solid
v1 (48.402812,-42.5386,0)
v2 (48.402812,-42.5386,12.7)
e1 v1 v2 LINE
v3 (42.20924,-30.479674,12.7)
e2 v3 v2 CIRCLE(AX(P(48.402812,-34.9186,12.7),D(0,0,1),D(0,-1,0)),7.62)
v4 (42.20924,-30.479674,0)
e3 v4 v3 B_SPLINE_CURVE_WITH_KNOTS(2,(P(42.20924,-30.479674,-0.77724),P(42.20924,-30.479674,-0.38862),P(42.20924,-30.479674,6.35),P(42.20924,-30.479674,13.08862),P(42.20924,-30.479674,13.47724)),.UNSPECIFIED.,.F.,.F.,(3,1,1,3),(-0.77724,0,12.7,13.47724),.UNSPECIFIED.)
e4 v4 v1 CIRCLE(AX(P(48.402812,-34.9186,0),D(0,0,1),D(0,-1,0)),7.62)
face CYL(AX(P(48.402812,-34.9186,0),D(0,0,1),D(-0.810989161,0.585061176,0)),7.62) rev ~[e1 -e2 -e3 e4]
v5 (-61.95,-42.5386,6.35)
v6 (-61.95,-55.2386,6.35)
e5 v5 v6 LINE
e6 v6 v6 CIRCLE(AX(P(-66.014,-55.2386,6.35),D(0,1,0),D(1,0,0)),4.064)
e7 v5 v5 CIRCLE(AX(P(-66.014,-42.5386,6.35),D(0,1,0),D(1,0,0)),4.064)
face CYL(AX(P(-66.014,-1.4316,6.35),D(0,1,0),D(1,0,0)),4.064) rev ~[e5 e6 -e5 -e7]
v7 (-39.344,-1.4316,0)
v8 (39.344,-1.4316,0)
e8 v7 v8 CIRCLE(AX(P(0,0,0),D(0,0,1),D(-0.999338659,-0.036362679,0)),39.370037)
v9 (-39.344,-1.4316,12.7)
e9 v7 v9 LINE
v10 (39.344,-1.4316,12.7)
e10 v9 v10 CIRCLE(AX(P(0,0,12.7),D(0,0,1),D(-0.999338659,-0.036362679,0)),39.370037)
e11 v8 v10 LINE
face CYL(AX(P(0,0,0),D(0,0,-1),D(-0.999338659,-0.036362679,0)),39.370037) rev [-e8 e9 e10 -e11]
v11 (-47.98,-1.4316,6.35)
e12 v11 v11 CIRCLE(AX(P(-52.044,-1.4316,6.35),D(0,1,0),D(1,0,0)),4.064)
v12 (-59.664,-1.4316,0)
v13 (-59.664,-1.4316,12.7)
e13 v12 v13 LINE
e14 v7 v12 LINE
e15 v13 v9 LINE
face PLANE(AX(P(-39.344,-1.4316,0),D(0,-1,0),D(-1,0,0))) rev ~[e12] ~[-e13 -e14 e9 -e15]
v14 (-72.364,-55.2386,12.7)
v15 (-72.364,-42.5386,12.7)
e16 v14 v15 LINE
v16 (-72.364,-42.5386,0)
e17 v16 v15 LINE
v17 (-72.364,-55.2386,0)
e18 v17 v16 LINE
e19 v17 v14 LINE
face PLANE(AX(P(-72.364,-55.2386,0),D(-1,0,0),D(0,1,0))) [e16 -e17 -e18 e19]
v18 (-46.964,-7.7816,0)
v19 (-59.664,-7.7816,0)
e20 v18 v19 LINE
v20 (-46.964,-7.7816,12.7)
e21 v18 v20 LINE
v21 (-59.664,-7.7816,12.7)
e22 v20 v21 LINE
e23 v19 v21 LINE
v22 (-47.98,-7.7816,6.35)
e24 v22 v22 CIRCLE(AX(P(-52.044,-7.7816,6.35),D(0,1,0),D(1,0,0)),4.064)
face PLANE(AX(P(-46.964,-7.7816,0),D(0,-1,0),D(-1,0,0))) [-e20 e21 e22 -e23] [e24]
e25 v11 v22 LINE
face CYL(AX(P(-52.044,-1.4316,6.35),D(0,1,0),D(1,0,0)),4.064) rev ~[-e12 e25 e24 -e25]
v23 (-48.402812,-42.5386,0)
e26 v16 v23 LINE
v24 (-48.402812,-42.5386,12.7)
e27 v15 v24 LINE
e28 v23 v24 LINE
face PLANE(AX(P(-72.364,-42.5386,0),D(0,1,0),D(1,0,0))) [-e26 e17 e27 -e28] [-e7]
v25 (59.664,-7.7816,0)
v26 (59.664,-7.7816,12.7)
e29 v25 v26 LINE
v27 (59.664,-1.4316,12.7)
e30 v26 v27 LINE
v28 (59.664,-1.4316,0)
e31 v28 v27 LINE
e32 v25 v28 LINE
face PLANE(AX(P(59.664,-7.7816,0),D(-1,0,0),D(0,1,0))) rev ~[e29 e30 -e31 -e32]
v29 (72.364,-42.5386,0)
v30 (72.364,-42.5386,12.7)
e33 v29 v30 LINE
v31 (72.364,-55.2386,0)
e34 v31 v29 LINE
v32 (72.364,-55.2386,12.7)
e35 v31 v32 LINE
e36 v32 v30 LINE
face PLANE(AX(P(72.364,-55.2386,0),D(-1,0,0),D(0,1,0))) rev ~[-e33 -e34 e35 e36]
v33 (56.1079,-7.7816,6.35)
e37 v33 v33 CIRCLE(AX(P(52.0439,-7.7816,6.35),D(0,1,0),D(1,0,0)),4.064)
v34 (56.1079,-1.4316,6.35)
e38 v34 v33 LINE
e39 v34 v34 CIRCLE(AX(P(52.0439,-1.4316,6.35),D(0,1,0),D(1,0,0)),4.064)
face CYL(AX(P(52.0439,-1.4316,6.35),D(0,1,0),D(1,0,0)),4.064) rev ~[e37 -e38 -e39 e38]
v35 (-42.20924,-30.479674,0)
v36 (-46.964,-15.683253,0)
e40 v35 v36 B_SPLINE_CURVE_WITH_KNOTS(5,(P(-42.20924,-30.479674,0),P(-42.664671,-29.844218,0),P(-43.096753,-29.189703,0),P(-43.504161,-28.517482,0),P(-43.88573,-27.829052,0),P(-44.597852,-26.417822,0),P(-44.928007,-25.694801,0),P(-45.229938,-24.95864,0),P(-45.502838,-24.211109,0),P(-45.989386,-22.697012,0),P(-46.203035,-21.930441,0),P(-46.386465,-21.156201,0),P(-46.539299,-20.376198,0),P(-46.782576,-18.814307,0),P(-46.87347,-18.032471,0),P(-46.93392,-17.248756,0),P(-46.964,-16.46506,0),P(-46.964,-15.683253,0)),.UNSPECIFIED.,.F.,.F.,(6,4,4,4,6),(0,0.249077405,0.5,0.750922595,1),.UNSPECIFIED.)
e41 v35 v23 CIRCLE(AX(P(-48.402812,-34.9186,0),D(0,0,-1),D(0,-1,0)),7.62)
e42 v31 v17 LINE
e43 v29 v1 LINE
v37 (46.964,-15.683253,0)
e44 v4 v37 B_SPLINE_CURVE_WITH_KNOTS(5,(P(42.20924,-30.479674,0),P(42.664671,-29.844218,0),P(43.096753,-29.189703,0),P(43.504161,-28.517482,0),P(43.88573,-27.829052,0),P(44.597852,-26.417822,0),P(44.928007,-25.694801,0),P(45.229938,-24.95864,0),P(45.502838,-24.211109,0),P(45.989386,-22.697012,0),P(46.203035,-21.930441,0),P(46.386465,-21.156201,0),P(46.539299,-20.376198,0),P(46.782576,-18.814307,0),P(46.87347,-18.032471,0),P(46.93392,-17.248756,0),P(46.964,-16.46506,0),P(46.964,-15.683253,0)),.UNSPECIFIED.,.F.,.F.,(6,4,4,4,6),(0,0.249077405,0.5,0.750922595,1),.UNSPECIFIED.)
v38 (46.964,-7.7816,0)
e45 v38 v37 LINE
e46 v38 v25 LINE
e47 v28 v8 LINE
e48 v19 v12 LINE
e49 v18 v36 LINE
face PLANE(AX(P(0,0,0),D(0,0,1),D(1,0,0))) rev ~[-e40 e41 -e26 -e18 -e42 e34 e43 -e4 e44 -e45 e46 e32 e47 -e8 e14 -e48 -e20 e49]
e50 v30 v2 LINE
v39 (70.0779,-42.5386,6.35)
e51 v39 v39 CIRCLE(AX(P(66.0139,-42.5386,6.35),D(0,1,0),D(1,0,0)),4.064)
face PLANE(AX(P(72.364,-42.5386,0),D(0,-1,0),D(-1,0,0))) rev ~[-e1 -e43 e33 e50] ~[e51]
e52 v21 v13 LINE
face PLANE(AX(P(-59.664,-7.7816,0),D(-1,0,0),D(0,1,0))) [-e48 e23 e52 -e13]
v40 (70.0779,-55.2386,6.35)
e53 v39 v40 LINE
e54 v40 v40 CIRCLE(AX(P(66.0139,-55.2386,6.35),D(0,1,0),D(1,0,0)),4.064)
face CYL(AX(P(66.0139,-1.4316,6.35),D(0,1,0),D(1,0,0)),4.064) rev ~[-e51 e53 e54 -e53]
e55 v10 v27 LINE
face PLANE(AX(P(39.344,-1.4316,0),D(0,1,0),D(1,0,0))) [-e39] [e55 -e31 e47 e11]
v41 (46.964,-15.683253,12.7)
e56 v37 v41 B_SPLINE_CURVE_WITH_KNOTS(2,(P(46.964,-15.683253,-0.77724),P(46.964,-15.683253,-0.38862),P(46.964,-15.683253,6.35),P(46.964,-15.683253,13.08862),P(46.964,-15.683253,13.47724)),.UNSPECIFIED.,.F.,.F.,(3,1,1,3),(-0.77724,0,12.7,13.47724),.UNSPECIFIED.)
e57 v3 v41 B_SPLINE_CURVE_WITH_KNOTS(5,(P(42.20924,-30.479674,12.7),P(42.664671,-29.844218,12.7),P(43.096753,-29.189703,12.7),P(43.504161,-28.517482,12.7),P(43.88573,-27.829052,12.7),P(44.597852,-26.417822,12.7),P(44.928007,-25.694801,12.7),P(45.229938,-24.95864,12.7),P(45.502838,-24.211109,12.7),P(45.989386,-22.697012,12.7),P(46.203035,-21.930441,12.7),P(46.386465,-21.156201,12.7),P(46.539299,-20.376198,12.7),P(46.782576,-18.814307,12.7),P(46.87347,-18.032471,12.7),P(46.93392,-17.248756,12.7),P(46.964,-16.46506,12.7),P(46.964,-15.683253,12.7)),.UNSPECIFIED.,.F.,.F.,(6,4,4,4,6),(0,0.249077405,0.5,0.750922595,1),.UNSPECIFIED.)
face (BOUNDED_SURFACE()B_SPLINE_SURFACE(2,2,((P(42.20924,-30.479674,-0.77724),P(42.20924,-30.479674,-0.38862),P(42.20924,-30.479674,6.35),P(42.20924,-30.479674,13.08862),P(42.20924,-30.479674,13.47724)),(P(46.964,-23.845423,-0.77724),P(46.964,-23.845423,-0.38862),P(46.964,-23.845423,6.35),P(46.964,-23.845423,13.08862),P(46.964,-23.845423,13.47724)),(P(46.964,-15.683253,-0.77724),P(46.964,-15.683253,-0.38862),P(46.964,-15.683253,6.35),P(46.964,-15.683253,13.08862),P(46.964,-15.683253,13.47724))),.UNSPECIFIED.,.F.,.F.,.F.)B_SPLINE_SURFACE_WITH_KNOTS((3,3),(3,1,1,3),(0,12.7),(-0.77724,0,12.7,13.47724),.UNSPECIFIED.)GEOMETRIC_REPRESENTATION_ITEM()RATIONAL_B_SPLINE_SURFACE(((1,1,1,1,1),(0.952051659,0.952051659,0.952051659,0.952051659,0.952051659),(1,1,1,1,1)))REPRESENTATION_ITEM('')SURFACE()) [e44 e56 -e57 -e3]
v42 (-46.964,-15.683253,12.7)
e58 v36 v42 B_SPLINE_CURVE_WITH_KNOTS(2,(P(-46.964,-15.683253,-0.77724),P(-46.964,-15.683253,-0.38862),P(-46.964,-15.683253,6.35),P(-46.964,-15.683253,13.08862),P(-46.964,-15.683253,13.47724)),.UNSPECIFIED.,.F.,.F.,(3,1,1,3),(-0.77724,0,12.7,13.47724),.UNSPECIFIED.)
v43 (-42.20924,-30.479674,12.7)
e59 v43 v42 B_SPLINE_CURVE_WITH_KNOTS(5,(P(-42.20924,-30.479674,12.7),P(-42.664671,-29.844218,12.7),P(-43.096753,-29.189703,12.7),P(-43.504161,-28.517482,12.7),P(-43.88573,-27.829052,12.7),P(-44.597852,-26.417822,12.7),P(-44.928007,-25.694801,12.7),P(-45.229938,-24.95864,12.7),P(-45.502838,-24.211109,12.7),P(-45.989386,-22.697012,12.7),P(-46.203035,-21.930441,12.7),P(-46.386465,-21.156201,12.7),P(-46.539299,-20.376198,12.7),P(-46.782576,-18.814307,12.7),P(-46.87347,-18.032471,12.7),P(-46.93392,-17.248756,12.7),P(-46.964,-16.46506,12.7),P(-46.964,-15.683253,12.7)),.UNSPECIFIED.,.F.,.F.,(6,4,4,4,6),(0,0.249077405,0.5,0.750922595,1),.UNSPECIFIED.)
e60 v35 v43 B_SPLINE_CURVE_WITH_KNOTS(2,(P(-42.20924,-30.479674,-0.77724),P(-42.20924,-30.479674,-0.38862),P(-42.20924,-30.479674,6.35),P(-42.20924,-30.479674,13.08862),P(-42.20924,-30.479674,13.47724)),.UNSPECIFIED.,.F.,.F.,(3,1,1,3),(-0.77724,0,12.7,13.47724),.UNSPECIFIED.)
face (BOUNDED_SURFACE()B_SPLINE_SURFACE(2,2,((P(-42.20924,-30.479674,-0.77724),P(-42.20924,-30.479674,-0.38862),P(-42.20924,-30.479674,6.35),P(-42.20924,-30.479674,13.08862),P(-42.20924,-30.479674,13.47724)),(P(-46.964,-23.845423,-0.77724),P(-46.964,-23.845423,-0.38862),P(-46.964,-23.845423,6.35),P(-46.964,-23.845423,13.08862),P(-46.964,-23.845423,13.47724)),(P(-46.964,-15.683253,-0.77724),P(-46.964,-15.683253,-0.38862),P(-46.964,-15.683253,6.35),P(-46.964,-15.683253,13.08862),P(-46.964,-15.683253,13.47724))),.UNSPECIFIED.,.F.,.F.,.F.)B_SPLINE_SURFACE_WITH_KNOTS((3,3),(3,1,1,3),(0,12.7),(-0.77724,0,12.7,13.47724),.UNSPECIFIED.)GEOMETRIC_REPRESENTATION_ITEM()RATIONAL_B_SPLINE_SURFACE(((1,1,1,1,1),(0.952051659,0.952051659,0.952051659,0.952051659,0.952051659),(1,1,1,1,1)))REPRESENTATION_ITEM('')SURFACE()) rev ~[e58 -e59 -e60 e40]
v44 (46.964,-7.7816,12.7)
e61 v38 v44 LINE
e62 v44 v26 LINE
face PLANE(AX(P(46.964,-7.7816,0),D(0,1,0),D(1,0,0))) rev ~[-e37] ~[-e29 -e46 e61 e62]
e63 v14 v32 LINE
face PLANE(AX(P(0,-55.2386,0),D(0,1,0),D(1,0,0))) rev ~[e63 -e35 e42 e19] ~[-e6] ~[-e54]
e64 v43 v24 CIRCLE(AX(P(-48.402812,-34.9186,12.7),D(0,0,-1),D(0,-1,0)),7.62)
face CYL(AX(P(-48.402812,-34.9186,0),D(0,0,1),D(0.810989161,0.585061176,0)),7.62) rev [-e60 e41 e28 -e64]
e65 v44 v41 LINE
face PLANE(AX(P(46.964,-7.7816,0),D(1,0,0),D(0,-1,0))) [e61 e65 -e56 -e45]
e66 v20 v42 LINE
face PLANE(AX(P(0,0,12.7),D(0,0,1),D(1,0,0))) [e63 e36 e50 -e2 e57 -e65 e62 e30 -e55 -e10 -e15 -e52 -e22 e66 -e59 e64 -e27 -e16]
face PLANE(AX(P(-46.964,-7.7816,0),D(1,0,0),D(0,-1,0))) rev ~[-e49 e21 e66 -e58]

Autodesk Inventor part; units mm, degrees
ref_plane "YZ Plane" through (0, 0, 0) normal (1, 0, 0) x (0, 1, 0)
ref_plane "XZ Plane" through (0, 0, 0) normal (0, 1, 0) x (-1, 0, 0)
ref_plane "XY Plane" through (0, 0, 0) normal (0, 0, 1) x (1, 0, 0)
sketch "Sketch1" plane through (0, 0, 0) normal (0, 0, 1) x (1, 0, 0)
  arc A0 (-39.344, -1.4316) -> (39.344, -1.4316) centre (0, 0) ccw
  line L0 (-39.344, -1.4316) -> (-39.3671, -1.4316)
  line L1 (-39.344, -1.4316) -> (-52.044, -1.4316)
  line L2 (39.344, -1.4316) -> (52.044, -1.4316)
  arc A1 (-46.964, -22.4724) -> (46.964, -22.4724) centre (0, 0) ccw
  line L3 (0, -52.0636) -> (0, -55.2386)
  line L4 (0, -55.2386) -> (-72.364, -55.2386)
  line L5 (0, -55.2386) -> (72.364, -55.2386)
  line L6 (-52.044, -1.4316) -> (-59.664, -1.4316)
  line L7 (52.044, -1.4316) -> (59.664, -1.4316)
  line L8 (39.344, -1.4316) -> (46.964, -1.4316)
  line L9 (46.964, -1.4316) -> (46.964, -22.4724)
  line L10 (-39.344, -1.4316) -> (-45.694, -1.4316)
  line L11 (-39.344, -1.4316) -> (-46.964, -1.4316)
  line L12 (-46.964, -1.4316) -> (-46.964, -22.4724)
  line L13 (-46.964, -7.7816) -> (-59.664, -7.7816)
  line L14 (-59.664, -7.7816) -> (-59.664, -1.4316)
  line L15 (46.964, -7.7816) -> (59.664, -7.7816)
  line L16 (59.664, -7.7816) -> (59.664, -1.4316)
  line L17 (-72.364, -55.2386) -> (-72.364, -42.5386)
  line L18 (72.364, -55.2386) -> (72.364, -42.5386)
  line L19 (-72.364, -42.5386) -> (-30.0181, -42.5386)
  line L20 (72.364, -42.5386) -> (30.0181, -42.5386)
  dimension "d0" = 78.74
  dimension "d2" = 12.7
  dimension "d3" = 12.7
  dimension "d4" = 3.175
  dimension "d5" = 7.62
  dimension "d6" = 7.62
  dimension "d7" = 7.62
  dimension "d9" = 7.62
  dimension "d10" = 6.35
  dimension "d11" = 6.35
  dimension "d14" = 12.7
  dimension "d15" = 12.7
extrude "Extrusion1" add sketch "Sketch1" along normal blind 12.7
fillet "Fillet1" radius 7.62 2 edges at (30.0181, -42.5386, 6.35) (-30.0181, -42.5386, 6.35)
fillet "Fillet2" radius 25.4 2 edges at (-46.964, -22.4724, 6.35) (46.964, -22.4724, 6.35)
sketch "Sketch2" plane through (-59.664, -1.4316, 0) normal (0, 1, 0) x (1, 0, 0)
  line L0 (0, 0) -> (0, -12.7) projected
  line L1 (99.0079, 0) -> (20.32, 0) projected
  line L2 (0, 0) -> (20.32, 0)
  circle A0 centre (7.62, -6.35) radius 4.064
  circle A1 centre (111.7079, -6.35) radius 4.064
  line L3 (119.3279, 0) -> (119.3279, -12.7) projected
  line L4 (-12.7, 0) -> (132.0279, 0) projected
  line L5 (119.3279, 0) -> (132.0279, 0)
  circle A2 centre (125.6779, -6.35) radius 4.064
  line L6 (-12.7, 0) -> (0, 0)
  circle A3 centre (-6.35, -6.35) radius 4.064
  line L7 (20.32, 0) -> (20.32, -12.7) projected
  line L8 (99.0079, 0) -> (99.0079, -12.7) projected
  point P0 (59.664, 0)
  dimension "d20" = 8.128
  dimension "d21" = 8.128
  dimension "d22" = 8.128
  dimension "d23" = 8.128
  dimension "d24" = 12.7
  dimension "d25" = 12.7
extrude "Extrusion2" cut sketch "Sketch2" against normal blind 25.4 contours A0 | A1
extrude "Extrusion3" cut sketch "Sketch2" against normal blind 76.2 contours A2 | A3
properties part number "MOTOR MOUNT REAL BOTTOM"
